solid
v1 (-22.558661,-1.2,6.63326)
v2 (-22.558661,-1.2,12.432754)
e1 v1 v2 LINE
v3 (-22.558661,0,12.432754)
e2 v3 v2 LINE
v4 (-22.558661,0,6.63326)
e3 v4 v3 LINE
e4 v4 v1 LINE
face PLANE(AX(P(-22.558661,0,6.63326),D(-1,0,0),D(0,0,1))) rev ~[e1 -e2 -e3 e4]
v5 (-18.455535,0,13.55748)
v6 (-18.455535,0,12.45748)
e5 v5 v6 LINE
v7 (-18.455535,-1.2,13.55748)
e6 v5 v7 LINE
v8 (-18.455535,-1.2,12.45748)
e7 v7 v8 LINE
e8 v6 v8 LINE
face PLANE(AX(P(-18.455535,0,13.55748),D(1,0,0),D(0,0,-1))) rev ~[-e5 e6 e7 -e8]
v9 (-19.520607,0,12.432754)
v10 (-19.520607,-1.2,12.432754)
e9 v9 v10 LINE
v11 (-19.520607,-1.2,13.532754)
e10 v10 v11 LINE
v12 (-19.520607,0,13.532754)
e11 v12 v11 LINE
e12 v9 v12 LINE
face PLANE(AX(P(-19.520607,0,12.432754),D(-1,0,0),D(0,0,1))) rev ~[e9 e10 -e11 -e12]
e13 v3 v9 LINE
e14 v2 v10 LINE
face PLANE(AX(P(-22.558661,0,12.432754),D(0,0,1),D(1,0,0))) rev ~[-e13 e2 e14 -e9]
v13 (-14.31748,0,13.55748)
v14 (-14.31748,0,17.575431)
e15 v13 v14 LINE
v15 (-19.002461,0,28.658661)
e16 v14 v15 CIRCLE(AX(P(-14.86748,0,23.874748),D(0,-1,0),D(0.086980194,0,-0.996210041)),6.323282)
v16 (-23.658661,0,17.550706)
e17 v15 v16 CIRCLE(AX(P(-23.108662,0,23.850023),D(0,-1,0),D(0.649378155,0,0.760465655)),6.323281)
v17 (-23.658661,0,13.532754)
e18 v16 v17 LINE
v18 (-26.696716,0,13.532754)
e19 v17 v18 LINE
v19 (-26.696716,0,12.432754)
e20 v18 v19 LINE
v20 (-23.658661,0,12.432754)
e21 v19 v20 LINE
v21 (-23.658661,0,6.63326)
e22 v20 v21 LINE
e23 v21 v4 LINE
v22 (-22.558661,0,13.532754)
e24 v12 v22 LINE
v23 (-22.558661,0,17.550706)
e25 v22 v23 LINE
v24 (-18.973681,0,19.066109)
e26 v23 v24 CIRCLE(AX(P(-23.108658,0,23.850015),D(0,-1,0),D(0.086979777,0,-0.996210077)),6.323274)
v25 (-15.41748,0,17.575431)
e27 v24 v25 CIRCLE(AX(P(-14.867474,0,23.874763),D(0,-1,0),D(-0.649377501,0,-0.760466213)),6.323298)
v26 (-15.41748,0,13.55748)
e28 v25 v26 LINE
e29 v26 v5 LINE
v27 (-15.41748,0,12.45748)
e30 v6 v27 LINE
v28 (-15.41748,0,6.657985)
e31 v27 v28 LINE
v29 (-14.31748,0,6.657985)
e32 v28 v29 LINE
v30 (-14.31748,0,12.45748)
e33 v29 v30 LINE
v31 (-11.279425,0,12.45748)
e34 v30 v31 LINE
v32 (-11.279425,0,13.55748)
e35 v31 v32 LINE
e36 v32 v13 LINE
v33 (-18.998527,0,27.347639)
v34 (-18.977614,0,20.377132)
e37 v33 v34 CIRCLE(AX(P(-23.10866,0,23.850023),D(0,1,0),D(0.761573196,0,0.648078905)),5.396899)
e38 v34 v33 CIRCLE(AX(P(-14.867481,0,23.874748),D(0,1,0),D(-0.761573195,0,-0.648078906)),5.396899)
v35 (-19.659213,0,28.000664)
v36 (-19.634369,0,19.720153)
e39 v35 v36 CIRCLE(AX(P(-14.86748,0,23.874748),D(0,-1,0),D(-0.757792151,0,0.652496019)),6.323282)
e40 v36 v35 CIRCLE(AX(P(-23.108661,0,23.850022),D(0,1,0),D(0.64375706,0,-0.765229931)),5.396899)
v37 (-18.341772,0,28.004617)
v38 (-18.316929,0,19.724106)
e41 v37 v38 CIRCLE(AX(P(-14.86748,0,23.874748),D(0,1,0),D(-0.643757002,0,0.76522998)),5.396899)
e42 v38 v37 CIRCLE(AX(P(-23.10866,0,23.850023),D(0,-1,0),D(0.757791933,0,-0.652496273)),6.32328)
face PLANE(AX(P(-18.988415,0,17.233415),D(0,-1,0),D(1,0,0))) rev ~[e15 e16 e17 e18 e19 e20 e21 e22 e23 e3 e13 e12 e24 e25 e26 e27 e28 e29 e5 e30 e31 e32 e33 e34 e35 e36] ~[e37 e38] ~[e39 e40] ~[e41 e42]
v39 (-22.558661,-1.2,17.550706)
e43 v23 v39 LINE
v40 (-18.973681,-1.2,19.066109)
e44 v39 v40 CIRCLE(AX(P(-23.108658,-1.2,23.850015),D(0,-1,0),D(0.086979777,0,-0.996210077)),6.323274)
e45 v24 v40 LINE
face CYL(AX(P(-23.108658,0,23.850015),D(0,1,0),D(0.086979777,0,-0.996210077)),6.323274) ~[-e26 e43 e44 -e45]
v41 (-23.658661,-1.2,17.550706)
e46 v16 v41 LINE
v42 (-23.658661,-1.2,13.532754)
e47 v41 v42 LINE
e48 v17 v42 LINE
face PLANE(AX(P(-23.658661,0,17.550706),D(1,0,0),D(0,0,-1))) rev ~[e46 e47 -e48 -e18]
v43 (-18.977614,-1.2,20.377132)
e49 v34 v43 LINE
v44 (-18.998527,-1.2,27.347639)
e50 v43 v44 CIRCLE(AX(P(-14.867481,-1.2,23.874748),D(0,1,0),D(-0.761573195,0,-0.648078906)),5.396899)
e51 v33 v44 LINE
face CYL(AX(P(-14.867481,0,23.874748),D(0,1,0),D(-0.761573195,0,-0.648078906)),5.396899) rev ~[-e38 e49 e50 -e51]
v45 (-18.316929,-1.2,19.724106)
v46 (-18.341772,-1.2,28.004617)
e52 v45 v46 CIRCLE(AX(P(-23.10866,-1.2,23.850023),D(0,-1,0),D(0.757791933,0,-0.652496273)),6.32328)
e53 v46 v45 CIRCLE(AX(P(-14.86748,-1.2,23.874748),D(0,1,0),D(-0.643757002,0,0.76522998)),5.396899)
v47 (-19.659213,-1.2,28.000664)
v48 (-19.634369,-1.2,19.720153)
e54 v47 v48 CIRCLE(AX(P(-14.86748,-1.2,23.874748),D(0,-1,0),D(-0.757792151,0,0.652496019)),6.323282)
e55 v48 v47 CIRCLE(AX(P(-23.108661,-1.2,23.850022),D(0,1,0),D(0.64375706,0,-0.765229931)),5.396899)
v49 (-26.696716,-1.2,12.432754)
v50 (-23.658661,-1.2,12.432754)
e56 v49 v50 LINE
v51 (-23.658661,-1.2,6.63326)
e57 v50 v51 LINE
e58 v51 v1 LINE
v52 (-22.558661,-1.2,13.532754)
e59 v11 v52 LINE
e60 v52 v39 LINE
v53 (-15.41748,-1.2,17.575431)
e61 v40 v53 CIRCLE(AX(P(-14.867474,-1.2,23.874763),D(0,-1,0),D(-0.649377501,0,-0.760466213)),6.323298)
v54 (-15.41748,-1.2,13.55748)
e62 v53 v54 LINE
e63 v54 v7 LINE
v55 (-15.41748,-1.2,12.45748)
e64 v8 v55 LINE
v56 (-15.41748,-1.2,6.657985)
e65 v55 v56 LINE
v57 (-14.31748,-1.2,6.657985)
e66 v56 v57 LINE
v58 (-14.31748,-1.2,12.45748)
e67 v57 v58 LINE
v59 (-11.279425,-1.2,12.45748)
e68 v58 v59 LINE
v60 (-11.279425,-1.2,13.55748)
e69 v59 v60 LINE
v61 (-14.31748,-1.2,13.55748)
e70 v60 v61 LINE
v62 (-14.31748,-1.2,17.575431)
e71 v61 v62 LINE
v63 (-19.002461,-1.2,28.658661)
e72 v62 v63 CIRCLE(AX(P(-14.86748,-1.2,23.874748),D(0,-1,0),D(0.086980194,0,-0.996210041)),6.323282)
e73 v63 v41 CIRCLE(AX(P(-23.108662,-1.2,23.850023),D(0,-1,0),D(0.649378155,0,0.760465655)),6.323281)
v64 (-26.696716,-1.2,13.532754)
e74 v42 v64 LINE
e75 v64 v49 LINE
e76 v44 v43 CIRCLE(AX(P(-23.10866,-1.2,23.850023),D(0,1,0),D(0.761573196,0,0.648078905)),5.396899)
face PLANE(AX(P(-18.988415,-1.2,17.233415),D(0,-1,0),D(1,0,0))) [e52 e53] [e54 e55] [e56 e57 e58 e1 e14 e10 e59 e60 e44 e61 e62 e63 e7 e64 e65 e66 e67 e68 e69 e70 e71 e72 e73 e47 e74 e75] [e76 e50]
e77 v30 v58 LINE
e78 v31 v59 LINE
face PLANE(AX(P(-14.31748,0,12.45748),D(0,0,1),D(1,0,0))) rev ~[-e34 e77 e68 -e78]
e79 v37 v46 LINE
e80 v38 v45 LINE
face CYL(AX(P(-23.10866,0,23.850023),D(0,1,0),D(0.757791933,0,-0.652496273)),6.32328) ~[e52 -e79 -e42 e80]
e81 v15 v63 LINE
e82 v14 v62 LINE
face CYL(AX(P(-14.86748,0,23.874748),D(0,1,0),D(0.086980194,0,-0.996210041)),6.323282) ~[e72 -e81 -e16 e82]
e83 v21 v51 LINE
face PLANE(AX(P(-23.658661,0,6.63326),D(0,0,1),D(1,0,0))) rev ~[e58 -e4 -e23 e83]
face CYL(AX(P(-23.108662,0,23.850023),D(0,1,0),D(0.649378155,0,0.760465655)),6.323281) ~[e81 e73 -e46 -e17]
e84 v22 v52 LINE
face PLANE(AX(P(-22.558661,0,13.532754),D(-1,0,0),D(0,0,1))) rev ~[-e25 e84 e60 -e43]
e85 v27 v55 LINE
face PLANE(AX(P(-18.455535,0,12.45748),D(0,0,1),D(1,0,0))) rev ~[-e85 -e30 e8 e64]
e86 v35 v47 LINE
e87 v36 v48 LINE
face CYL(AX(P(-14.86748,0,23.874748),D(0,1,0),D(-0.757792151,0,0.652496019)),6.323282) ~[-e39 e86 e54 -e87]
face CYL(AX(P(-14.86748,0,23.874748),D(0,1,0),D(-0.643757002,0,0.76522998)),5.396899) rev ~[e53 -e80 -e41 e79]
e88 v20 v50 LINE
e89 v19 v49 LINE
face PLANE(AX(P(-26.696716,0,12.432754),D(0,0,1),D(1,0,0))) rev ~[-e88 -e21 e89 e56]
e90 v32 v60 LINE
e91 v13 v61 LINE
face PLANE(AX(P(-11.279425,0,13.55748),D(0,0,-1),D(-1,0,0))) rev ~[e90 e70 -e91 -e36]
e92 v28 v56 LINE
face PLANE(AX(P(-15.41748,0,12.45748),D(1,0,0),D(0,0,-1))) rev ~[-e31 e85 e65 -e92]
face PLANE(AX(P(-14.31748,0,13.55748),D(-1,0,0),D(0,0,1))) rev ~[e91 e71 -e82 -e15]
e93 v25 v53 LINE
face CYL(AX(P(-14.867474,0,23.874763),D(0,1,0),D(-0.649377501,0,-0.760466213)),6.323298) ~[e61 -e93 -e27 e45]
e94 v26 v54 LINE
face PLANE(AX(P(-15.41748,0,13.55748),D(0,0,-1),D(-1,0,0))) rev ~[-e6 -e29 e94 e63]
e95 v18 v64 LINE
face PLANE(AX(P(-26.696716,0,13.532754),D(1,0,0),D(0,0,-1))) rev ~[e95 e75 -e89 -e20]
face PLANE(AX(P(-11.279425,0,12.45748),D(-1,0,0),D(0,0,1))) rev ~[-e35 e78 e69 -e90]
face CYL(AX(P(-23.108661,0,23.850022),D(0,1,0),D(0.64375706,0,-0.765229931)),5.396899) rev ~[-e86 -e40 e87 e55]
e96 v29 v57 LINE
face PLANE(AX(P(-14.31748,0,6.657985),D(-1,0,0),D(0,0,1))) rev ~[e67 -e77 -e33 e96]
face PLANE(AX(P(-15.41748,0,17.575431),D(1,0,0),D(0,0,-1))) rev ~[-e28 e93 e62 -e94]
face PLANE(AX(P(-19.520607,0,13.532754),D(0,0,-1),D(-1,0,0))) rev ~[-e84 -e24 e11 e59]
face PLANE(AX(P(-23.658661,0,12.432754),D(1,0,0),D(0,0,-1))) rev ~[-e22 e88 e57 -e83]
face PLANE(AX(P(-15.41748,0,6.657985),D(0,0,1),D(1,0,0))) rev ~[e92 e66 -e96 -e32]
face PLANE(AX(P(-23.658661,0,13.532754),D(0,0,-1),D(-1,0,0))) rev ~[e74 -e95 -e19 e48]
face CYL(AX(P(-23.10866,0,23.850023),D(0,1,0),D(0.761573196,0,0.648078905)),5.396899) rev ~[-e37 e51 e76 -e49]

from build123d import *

# Parameters (mm, degrees)
F1_DEPTH = 1.2


with BuildPart() as f1:
    # F0 (on Front) → F1 (new body)
    with BuildSketch(Plane.XZ):
        with BuildLine():
            Line((-22.558661, 13.532754), (-22.558661, 17.550706))
            ThreePointArc((-22.558661, 17.550706), (-20.646676, 18.025718), (-18.973681, 19.066109))
            ThreePointArc((-18.973681, 19.066109), (-17.31198, 18.043084), (-15.41748, 17.575431))
            Line((-15.41748, 17.575431), (-15.41748, 13.55748))
            Line((-15.41748, 13.55748), (-18.455535, 13.55748))
            Line((-18.455535, 13.55748), (-18.455535, 12.45748))
            Line((-18.455535, 12.45748), (-15.41748, 12.45748))
            Line((-15.41748, 12.45748), (-15.41748, 6.657985))
            Line((-15.41748, 6.657985), (-14.31748, 6.657985))
            Line((-14.31748, 6.657985), (-14.31748, 12.45748))
            Line((-14.31748, 12.45748), (-11.279425, 12.45748))
            Line((-11.279425, 12.45748), (-11.279425, 13.55748))
            Line((-11.279425, 13.55748), (-14.31748, 13.55748))
            Line((-14.31748, 13.55748), (-14.31748, 17.575431))
            ThreePointArc((-14.31748, 17.575431), (-9.043176, 26.336733), (-19.002461, 28.658661))
            ThreePointArc((-19.002461, 28.658661), (-28.940326, 26.294523), (-23.658661, 17.550706))
            Line((-23.658661, 17.550706), (-23.658661, 13.532754))
            Line((-23.658661, 13.532754), (-26.696716, 13.532754))
            Line((-26.696716, 13.532754), (-26.696716, 12.432754))
            Line((-26.696716, 12.432754), (-23.658661, 12.432754))
            Line((-23.658661, 12.432754), (-23.658661, 6.63326))
            Line((-23.658661, 6.63326), (-22.558661, 6.63326))
            Line((-22.558661, 6.63326), (-22.558661, 12.432754))
            Line((-22.558661, 12.432754), (-19.520607, 12.432754))
            Line((-19.520607, 12.432754), (-19.520607, 13.532754))
            Line((-19.520607, 13.532754), (-22.558661, 13.532754))
        make_face()
        with BuildLine():
            ThreePointArc((-19.634369, 19.720153), (-28.505536, 23.833831), (-19.659213, 28.000664))
            ThreePointArc((-19.659213, 28.000664), (-21.190733, 23.855777), (-19.634369, 19.720153))
        make_face(mode=Mode.SUBTRACT)
        with BuildLine():
            ThreePointArc((-18.977614, 20.377132), (-20.264355, 23.858556), (-18.998527, 27.347639))
            ThreePointArc((-18.998527, 27.347639), (-17.711786, 23.866214), (-18.977614, 20.377132))
        make_face(mode=Mode.SUBTRACT)
        with BuildLine():
            ThreePointArc((-18.341772, 28.004617), (-9.470605, 23.89094), (-18.316929, 19.724106))
            ThreePointArc((-18.316929, 19.724106), (-16.785408, 23.868994), (-18.341772, 28.004617))
        make_face(mode=Mode.SUBTRACT)
    extrude(amount=F1_DEPTH)


solid = f1.part
